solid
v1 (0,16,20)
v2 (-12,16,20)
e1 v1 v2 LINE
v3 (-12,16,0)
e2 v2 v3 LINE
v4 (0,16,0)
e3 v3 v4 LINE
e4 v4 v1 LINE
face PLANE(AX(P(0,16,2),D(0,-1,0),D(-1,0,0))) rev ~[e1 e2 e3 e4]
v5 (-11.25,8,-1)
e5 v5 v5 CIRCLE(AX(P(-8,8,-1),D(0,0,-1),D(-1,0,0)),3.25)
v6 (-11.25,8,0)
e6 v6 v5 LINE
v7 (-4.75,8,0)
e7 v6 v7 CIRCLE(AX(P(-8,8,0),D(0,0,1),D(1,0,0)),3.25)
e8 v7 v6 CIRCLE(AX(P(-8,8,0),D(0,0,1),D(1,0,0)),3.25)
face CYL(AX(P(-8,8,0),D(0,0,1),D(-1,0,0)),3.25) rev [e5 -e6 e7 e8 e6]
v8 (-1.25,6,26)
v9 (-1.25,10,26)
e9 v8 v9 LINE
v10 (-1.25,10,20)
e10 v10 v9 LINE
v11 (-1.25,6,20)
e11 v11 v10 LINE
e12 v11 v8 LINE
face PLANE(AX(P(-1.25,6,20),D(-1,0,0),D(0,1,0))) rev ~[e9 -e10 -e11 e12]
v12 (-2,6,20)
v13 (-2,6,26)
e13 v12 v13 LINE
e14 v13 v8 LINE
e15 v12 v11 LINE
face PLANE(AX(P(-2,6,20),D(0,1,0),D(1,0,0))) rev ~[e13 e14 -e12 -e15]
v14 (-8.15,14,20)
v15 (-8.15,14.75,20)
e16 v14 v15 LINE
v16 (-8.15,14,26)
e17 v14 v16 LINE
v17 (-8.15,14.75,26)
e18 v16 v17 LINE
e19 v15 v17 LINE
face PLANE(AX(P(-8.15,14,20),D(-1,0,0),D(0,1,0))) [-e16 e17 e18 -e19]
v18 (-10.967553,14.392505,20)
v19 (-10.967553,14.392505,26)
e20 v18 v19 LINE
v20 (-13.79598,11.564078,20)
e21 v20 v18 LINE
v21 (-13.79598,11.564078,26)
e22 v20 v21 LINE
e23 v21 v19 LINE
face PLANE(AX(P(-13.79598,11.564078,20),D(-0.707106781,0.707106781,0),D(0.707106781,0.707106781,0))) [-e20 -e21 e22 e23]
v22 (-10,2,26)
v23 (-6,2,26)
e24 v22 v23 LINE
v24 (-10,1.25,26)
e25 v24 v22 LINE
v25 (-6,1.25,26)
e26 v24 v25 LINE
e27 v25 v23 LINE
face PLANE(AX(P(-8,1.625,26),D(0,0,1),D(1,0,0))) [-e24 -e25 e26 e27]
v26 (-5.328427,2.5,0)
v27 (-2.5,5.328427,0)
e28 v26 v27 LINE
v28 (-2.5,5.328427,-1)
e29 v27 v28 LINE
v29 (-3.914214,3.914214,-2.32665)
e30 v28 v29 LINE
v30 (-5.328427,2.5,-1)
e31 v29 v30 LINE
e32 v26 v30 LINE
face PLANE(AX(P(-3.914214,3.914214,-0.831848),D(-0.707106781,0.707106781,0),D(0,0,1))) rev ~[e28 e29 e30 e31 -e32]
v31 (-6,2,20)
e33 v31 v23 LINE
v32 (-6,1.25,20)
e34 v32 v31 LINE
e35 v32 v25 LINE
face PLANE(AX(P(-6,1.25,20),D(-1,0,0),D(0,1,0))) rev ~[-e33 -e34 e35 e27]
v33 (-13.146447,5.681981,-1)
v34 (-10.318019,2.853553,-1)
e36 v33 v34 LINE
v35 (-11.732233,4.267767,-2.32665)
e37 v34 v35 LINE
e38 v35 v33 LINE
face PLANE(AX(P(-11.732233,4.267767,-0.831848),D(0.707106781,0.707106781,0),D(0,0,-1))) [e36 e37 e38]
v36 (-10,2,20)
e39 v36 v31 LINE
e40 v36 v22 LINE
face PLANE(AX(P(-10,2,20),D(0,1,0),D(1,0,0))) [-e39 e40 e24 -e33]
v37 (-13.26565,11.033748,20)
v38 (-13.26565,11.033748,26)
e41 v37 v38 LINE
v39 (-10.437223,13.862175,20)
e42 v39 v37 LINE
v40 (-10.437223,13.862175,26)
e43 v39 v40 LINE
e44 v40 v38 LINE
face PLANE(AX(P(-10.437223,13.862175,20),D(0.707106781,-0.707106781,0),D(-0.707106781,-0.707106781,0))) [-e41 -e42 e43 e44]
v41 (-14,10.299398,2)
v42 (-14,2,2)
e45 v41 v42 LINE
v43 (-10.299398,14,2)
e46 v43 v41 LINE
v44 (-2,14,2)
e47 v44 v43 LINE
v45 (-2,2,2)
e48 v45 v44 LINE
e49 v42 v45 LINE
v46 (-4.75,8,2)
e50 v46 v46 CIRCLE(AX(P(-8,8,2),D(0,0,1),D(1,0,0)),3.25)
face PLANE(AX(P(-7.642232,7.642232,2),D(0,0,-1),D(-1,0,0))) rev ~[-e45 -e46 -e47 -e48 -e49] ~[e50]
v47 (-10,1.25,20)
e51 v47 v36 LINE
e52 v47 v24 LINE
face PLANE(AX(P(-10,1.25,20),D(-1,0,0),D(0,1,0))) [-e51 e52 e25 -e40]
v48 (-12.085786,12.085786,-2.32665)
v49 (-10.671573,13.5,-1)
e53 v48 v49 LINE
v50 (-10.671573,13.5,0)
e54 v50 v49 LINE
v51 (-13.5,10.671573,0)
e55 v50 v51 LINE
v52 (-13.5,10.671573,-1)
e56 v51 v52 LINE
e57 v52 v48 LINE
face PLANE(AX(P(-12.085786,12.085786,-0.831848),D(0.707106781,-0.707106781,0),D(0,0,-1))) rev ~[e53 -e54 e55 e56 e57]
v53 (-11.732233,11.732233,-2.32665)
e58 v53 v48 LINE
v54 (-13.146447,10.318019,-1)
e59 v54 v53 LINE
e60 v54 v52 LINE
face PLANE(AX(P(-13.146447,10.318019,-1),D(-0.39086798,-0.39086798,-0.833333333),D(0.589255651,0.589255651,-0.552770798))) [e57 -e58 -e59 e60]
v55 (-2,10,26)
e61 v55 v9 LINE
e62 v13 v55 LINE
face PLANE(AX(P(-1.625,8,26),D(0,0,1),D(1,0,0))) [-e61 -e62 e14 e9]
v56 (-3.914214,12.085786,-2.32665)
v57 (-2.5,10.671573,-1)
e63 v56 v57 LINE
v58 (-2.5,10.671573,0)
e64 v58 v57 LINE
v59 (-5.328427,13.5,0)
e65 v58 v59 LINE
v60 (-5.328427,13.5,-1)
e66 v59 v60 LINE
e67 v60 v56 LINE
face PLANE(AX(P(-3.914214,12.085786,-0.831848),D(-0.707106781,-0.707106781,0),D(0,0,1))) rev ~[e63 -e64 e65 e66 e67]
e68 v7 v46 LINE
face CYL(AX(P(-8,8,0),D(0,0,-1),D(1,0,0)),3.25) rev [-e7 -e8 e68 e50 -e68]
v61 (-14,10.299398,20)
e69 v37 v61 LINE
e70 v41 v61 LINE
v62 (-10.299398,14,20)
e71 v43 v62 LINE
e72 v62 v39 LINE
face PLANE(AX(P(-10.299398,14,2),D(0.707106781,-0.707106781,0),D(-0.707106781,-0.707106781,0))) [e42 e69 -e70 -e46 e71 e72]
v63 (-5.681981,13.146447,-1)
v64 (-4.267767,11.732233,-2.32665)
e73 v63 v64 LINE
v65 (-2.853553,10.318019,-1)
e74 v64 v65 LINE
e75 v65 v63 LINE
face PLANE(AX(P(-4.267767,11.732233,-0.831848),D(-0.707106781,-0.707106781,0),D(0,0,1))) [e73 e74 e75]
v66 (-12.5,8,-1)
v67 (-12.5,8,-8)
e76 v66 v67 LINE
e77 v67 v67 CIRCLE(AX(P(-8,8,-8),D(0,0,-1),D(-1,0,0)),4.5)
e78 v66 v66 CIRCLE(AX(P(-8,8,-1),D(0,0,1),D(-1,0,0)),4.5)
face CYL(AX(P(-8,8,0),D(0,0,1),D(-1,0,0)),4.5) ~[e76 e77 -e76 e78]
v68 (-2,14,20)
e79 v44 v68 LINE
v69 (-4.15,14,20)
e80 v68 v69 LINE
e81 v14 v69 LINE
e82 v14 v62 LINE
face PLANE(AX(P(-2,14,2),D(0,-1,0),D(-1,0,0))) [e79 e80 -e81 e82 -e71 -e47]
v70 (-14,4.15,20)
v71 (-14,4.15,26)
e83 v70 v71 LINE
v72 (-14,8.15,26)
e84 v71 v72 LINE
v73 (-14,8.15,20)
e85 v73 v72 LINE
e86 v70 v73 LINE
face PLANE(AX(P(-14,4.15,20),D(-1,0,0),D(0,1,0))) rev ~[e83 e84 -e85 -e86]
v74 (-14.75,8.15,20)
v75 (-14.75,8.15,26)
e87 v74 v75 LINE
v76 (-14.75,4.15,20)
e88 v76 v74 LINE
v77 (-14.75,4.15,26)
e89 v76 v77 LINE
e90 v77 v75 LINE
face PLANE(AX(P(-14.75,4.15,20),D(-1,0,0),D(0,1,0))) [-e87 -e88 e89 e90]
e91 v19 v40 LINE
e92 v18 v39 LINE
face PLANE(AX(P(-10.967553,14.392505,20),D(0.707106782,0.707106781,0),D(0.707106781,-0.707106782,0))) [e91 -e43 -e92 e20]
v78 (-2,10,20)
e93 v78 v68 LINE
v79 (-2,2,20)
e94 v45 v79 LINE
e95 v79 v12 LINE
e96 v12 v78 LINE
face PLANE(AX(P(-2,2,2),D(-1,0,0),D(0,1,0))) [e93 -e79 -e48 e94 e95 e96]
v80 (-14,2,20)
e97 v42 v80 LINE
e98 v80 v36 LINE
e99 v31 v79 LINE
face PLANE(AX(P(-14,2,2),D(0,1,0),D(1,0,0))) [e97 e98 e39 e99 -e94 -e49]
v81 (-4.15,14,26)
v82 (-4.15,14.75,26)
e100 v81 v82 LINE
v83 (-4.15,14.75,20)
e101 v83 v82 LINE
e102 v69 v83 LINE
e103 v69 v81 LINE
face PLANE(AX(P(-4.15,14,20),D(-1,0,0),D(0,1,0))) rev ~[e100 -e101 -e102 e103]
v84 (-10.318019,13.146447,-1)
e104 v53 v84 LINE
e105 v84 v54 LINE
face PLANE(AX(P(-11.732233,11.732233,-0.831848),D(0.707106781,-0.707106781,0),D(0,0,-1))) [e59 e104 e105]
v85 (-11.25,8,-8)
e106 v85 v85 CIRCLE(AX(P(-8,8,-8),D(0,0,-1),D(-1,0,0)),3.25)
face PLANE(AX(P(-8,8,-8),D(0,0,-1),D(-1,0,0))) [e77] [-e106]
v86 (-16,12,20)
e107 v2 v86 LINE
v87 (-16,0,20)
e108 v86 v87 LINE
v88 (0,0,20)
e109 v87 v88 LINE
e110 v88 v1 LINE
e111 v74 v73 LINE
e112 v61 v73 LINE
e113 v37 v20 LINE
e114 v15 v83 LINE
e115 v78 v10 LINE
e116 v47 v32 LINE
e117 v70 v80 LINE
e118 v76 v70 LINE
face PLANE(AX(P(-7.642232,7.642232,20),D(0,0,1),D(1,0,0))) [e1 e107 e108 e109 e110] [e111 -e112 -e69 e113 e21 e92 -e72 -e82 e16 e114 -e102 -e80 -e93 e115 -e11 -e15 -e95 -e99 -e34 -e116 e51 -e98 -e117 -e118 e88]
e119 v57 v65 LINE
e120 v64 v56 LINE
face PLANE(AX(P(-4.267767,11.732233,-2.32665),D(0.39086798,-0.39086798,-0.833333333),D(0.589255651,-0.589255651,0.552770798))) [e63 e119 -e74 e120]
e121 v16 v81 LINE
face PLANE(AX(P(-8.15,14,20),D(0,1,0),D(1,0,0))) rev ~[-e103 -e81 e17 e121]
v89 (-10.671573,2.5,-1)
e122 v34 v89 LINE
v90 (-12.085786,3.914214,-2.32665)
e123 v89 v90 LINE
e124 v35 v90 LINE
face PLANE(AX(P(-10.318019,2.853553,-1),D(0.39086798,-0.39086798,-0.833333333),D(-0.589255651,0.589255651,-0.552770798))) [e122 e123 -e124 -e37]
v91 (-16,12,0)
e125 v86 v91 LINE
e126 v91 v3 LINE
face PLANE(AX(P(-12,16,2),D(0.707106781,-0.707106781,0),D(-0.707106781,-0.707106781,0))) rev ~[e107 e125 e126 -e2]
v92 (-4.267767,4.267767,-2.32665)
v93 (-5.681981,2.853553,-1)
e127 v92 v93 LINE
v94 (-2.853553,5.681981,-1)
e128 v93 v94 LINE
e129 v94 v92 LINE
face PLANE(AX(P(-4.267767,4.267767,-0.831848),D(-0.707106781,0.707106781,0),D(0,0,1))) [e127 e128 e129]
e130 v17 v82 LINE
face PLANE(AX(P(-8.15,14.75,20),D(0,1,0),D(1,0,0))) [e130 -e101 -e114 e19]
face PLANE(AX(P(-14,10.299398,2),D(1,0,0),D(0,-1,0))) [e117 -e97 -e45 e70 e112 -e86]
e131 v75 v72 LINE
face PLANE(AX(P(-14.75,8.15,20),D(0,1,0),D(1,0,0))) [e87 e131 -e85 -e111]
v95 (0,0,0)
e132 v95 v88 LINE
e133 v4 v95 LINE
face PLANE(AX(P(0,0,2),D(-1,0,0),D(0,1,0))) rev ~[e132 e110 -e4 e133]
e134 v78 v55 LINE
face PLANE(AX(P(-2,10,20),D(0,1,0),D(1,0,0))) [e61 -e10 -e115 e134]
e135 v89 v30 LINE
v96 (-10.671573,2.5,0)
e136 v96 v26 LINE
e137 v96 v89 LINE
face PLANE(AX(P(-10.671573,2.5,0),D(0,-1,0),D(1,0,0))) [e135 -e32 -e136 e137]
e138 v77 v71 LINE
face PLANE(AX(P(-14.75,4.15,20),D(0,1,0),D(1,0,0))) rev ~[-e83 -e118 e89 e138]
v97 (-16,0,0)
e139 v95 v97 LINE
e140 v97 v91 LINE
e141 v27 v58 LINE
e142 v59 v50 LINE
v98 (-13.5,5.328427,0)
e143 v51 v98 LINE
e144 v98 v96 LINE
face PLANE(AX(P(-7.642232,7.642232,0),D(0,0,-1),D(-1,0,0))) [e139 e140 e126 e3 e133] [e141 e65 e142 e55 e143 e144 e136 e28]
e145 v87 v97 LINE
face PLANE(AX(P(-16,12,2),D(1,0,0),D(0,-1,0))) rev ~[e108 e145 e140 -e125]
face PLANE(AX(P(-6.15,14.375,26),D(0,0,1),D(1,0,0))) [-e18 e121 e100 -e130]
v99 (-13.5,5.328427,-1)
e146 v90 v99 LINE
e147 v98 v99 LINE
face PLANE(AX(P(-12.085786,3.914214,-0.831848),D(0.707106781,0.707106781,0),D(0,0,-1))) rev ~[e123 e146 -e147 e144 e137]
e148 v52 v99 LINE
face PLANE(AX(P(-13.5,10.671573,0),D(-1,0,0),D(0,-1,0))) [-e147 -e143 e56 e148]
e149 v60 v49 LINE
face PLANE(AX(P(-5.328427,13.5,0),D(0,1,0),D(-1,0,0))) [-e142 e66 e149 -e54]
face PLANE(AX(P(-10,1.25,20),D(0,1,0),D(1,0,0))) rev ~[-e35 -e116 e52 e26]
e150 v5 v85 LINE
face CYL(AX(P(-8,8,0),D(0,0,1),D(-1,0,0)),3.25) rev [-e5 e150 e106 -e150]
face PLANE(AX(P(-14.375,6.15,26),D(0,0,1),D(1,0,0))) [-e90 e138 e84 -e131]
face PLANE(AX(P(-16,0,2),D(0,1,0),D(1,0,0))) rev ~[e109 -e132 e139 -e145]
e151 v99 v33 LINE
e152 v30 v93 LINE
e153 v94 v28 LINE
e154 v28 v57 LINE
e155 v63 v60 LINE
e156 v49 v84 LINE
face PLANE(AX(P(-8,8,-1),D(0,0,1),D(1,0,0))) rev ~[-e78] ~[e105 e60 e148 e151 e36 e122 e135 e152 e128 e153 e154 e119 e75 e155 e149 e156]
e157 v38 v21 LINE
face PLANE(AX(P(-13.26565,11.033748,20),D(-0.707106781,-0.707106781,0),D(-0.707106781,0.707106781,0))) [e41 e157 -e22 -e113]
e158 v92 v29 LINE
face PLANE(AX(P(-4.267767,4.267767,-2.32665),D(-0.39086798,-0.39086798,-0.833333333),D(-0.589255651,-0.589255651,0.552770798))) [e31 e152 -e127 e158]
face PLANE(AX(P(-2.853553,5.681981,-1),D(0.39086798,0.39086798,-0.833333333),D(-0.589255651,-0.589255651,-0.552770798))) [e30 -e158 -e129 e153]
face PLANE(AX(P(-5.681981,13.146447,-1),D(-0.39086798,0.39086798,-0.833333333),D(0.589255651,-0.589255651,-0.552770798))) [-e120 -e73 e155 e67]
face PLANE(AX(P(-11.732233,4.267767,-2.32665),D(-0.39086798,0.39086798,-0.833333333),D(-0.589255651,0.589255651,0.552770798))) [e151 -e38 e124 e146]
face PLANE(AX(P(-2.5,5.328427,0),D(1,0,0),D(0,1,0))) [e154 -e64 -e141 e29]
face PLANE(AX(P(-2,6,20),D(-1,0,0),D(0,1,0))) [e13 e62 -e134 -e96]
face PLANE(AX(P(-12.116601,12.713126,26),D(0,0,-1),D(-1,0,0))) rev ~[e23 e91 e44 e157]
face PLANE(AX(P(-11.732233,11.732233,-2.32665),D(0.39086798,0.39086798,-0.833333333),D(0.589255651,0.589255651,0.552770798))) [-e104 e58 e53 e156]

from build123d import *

# Parameters (mm, degrees)
ESQUISSE1_R         = 3.25
BOSS_EXTRU_1_DEPTH  = 2
BOSS_EXTRU_2_DEPTH  = 18
ESQUISSE3_R         = 4.5
ESQUISSE3_R_2       = 3.25
BOSS_EXTRU_3_DEPTH  = 8
ESQUISSE4_R         = 3.25
BOSS_EXTRU_4_DEPTH  = 1
BOSS_EXTRU_6_DEPTH  = 0.5
BOSS_EXTRU_7_DEPTH  = 0.5
BOSS_EXTRU_8_DEPTH  = 0.5
BOSS_EXTRU_9_DEPTH  = 0.5
ESQUISSE15_W        = 0.75
ESQUISSE15_H        = 4
ESQUISSE15_W_2      = 4
ESQUISSE15_H_2      = 0.75
BOSS_EXTRU_10_DEPTH = 6


with BuildPart() as part:
    # Esquisse1 → Boss.-Extru.1 (new body)
    with BuildSketch(Plane.XY):
        Polygon((0, 0), (-16, 0), (-16, 12), (-12, 16), (0, 16), align=None)
        with Locations((-8, 8)):
            Circle(ESQUISSE1_R, mode=Mode.SUBTRACT)
    extrude(amount=BOSS_EXTRU_1_DEPTH)

    # Esquisse2 → Boss.-Extru.2 (add)
    with BuildSketch(Plane.XY.offset(2)):
        Polygon((-16, 0), (0, 0), (0, 16), (-12, 16), (-16, 12), align=None)
        Polygon((-2, 2), (-2, 14), (-10.299397605, 14), (-14, 10.299397605), (-14, 2), align=None, mode=Mode.SUBTRACT)
    extrude(amount=BOSS_EXTRU_2_DEPTH)

    # Esquisse3 → Boss.-Extru.3 (add)
    with BuildSketch(Plane(origin=(0, 0, 0), x_dir=(-1, 0, 0), z_dir=(0, 0, -1))):
        with Locations((8, 8)):
            Circle(ESQUISSE3_R)
        with Locations((8, 8)):
            Circle(ESQUISSE3_R_2, mode=Mode.SUBTRACT)
    extrude(amount=BOSS_EXTRU_3_DEPTH)

    # Esquisse4 → Boss.-Extru.4 (add)
    with BuildSketch(Plane(origin=(0, 0, 0), x_dir=(-1, 0, 0), z_dir=(0, 0, -1))):
        Polygon((2.5, 5.328427125), (2.5, 10.671572875), (2.853553391, 10.318019485), (5.681980515, 13.146446609), (5.328427125, 13.5), (10.671572875, 13.5), (10.318019485, 13.146446609), (13.146446609, 10.318019485), (13.5, 10.671572875), (13.5, 5.328427125), (13.146446609, 5.681980515), (10.318019485, 2.853553391), (10.671572875, 2.5), (5.328427125, 2.5), (5.681980515, 2.853553391), (2.853553391, 5.681980515), align=None)
        with Locations((8, 8)):
            Circle(ESQUISSE4_R, mode=Mode.SUBTRACT)
    extrude(amount=BOSS_EXTRU_4_DEPTH)

    # Esquisse11 → Boss.-Extru.6 (add)
    with BuildSketch(Plane(origin=(-3.732233047, -3.732233047, 0), x_dir=(0, 0, 1), z_dir=(-0.707106781, -0.707106781, 0))):
        Polygon((0, 9.313708499), (-1, 9.313708499), (-2.326649916, 11.313708499), (-1, 13.313708499), (0, 13.313708499), align=None)
    extrude(amount=BOSS_EXTRU_6_DEPTH)

    # Esquisse12 → Boss.-Extru.7 (add)
    with BuildSketch(Plane(origin=(-4.267766953, 4.267766953, 0), x_dir=(0, 0, -1), z_dir=(0.707106781, -0.707106781, 0))):
        Polygon((0, 2), (1, 2), (2.326649916, 0), (1, -2), (0, -2), align=None)
    extrude(amount=BOSS_EXTRU_7_DEPTH)

    # Esquisse13 → Boss.-Extru.8 (add)
    with BuildSketch(Plane(origin=(3.732233047, 3.732233047, 0), x_dir=(0, 0, -1), z_dir=(0.707106781, 0.707106781, 0))):
        Polygon((0, 13.313708499), (1, 13.313708499), (2.326649916, 11.313708499), (1, 9.313708499), (0, 9.313708499), align=None)
    extrude(amount=BOSS_EXTRU_8_DEPTH)

    # Esquisse14 → Boss.-Extru.9 (add)
    with BuildSketch(Plane(origin=(-11.732233047, 11.732233047, 0), x_dir=(0, 0, 1), z_dir=(-0.707106781, 0.707106781, 0))):
        Polygon((0, -2), (-1, -2), (-2.326649916, 0), (-1, 2), (0, 2), align=None)
    extrude(amount=BOSS_EXTRU_9_DEPTH)

    # Esquisse15 → Boss.-Extru.10 (add)
    with BuildSketch(Plane.XY.offset(20)):
        with Locations((-14.375, 6.15)):
            Rectangle(ESQUISSE15_W, ESQUISSE15_H)
        with Locations((-8, 1.625)):
            Rectangle(ESQUISSE15_W_2, ESQUISSE15_H_2)
        with Locations((-1.625, 8)):
            Rectangle(ESQUISSE15_W, ESQUISSE15_H)
        with Locations((-6.15, 14.375)):
            Rectangle(ESQUISSE15_W_2, ESQUISSE15_H_2)
        Polygon((-10.437222619, 13.862174986), (-13.265649743, 11.033747861), (-13.795979829, 11.564077947), (-10.967552704, 14.392505072), align=None)
    extrude(amount=BOSS_EXTRU_10_DEPTH)


solid = part.part
